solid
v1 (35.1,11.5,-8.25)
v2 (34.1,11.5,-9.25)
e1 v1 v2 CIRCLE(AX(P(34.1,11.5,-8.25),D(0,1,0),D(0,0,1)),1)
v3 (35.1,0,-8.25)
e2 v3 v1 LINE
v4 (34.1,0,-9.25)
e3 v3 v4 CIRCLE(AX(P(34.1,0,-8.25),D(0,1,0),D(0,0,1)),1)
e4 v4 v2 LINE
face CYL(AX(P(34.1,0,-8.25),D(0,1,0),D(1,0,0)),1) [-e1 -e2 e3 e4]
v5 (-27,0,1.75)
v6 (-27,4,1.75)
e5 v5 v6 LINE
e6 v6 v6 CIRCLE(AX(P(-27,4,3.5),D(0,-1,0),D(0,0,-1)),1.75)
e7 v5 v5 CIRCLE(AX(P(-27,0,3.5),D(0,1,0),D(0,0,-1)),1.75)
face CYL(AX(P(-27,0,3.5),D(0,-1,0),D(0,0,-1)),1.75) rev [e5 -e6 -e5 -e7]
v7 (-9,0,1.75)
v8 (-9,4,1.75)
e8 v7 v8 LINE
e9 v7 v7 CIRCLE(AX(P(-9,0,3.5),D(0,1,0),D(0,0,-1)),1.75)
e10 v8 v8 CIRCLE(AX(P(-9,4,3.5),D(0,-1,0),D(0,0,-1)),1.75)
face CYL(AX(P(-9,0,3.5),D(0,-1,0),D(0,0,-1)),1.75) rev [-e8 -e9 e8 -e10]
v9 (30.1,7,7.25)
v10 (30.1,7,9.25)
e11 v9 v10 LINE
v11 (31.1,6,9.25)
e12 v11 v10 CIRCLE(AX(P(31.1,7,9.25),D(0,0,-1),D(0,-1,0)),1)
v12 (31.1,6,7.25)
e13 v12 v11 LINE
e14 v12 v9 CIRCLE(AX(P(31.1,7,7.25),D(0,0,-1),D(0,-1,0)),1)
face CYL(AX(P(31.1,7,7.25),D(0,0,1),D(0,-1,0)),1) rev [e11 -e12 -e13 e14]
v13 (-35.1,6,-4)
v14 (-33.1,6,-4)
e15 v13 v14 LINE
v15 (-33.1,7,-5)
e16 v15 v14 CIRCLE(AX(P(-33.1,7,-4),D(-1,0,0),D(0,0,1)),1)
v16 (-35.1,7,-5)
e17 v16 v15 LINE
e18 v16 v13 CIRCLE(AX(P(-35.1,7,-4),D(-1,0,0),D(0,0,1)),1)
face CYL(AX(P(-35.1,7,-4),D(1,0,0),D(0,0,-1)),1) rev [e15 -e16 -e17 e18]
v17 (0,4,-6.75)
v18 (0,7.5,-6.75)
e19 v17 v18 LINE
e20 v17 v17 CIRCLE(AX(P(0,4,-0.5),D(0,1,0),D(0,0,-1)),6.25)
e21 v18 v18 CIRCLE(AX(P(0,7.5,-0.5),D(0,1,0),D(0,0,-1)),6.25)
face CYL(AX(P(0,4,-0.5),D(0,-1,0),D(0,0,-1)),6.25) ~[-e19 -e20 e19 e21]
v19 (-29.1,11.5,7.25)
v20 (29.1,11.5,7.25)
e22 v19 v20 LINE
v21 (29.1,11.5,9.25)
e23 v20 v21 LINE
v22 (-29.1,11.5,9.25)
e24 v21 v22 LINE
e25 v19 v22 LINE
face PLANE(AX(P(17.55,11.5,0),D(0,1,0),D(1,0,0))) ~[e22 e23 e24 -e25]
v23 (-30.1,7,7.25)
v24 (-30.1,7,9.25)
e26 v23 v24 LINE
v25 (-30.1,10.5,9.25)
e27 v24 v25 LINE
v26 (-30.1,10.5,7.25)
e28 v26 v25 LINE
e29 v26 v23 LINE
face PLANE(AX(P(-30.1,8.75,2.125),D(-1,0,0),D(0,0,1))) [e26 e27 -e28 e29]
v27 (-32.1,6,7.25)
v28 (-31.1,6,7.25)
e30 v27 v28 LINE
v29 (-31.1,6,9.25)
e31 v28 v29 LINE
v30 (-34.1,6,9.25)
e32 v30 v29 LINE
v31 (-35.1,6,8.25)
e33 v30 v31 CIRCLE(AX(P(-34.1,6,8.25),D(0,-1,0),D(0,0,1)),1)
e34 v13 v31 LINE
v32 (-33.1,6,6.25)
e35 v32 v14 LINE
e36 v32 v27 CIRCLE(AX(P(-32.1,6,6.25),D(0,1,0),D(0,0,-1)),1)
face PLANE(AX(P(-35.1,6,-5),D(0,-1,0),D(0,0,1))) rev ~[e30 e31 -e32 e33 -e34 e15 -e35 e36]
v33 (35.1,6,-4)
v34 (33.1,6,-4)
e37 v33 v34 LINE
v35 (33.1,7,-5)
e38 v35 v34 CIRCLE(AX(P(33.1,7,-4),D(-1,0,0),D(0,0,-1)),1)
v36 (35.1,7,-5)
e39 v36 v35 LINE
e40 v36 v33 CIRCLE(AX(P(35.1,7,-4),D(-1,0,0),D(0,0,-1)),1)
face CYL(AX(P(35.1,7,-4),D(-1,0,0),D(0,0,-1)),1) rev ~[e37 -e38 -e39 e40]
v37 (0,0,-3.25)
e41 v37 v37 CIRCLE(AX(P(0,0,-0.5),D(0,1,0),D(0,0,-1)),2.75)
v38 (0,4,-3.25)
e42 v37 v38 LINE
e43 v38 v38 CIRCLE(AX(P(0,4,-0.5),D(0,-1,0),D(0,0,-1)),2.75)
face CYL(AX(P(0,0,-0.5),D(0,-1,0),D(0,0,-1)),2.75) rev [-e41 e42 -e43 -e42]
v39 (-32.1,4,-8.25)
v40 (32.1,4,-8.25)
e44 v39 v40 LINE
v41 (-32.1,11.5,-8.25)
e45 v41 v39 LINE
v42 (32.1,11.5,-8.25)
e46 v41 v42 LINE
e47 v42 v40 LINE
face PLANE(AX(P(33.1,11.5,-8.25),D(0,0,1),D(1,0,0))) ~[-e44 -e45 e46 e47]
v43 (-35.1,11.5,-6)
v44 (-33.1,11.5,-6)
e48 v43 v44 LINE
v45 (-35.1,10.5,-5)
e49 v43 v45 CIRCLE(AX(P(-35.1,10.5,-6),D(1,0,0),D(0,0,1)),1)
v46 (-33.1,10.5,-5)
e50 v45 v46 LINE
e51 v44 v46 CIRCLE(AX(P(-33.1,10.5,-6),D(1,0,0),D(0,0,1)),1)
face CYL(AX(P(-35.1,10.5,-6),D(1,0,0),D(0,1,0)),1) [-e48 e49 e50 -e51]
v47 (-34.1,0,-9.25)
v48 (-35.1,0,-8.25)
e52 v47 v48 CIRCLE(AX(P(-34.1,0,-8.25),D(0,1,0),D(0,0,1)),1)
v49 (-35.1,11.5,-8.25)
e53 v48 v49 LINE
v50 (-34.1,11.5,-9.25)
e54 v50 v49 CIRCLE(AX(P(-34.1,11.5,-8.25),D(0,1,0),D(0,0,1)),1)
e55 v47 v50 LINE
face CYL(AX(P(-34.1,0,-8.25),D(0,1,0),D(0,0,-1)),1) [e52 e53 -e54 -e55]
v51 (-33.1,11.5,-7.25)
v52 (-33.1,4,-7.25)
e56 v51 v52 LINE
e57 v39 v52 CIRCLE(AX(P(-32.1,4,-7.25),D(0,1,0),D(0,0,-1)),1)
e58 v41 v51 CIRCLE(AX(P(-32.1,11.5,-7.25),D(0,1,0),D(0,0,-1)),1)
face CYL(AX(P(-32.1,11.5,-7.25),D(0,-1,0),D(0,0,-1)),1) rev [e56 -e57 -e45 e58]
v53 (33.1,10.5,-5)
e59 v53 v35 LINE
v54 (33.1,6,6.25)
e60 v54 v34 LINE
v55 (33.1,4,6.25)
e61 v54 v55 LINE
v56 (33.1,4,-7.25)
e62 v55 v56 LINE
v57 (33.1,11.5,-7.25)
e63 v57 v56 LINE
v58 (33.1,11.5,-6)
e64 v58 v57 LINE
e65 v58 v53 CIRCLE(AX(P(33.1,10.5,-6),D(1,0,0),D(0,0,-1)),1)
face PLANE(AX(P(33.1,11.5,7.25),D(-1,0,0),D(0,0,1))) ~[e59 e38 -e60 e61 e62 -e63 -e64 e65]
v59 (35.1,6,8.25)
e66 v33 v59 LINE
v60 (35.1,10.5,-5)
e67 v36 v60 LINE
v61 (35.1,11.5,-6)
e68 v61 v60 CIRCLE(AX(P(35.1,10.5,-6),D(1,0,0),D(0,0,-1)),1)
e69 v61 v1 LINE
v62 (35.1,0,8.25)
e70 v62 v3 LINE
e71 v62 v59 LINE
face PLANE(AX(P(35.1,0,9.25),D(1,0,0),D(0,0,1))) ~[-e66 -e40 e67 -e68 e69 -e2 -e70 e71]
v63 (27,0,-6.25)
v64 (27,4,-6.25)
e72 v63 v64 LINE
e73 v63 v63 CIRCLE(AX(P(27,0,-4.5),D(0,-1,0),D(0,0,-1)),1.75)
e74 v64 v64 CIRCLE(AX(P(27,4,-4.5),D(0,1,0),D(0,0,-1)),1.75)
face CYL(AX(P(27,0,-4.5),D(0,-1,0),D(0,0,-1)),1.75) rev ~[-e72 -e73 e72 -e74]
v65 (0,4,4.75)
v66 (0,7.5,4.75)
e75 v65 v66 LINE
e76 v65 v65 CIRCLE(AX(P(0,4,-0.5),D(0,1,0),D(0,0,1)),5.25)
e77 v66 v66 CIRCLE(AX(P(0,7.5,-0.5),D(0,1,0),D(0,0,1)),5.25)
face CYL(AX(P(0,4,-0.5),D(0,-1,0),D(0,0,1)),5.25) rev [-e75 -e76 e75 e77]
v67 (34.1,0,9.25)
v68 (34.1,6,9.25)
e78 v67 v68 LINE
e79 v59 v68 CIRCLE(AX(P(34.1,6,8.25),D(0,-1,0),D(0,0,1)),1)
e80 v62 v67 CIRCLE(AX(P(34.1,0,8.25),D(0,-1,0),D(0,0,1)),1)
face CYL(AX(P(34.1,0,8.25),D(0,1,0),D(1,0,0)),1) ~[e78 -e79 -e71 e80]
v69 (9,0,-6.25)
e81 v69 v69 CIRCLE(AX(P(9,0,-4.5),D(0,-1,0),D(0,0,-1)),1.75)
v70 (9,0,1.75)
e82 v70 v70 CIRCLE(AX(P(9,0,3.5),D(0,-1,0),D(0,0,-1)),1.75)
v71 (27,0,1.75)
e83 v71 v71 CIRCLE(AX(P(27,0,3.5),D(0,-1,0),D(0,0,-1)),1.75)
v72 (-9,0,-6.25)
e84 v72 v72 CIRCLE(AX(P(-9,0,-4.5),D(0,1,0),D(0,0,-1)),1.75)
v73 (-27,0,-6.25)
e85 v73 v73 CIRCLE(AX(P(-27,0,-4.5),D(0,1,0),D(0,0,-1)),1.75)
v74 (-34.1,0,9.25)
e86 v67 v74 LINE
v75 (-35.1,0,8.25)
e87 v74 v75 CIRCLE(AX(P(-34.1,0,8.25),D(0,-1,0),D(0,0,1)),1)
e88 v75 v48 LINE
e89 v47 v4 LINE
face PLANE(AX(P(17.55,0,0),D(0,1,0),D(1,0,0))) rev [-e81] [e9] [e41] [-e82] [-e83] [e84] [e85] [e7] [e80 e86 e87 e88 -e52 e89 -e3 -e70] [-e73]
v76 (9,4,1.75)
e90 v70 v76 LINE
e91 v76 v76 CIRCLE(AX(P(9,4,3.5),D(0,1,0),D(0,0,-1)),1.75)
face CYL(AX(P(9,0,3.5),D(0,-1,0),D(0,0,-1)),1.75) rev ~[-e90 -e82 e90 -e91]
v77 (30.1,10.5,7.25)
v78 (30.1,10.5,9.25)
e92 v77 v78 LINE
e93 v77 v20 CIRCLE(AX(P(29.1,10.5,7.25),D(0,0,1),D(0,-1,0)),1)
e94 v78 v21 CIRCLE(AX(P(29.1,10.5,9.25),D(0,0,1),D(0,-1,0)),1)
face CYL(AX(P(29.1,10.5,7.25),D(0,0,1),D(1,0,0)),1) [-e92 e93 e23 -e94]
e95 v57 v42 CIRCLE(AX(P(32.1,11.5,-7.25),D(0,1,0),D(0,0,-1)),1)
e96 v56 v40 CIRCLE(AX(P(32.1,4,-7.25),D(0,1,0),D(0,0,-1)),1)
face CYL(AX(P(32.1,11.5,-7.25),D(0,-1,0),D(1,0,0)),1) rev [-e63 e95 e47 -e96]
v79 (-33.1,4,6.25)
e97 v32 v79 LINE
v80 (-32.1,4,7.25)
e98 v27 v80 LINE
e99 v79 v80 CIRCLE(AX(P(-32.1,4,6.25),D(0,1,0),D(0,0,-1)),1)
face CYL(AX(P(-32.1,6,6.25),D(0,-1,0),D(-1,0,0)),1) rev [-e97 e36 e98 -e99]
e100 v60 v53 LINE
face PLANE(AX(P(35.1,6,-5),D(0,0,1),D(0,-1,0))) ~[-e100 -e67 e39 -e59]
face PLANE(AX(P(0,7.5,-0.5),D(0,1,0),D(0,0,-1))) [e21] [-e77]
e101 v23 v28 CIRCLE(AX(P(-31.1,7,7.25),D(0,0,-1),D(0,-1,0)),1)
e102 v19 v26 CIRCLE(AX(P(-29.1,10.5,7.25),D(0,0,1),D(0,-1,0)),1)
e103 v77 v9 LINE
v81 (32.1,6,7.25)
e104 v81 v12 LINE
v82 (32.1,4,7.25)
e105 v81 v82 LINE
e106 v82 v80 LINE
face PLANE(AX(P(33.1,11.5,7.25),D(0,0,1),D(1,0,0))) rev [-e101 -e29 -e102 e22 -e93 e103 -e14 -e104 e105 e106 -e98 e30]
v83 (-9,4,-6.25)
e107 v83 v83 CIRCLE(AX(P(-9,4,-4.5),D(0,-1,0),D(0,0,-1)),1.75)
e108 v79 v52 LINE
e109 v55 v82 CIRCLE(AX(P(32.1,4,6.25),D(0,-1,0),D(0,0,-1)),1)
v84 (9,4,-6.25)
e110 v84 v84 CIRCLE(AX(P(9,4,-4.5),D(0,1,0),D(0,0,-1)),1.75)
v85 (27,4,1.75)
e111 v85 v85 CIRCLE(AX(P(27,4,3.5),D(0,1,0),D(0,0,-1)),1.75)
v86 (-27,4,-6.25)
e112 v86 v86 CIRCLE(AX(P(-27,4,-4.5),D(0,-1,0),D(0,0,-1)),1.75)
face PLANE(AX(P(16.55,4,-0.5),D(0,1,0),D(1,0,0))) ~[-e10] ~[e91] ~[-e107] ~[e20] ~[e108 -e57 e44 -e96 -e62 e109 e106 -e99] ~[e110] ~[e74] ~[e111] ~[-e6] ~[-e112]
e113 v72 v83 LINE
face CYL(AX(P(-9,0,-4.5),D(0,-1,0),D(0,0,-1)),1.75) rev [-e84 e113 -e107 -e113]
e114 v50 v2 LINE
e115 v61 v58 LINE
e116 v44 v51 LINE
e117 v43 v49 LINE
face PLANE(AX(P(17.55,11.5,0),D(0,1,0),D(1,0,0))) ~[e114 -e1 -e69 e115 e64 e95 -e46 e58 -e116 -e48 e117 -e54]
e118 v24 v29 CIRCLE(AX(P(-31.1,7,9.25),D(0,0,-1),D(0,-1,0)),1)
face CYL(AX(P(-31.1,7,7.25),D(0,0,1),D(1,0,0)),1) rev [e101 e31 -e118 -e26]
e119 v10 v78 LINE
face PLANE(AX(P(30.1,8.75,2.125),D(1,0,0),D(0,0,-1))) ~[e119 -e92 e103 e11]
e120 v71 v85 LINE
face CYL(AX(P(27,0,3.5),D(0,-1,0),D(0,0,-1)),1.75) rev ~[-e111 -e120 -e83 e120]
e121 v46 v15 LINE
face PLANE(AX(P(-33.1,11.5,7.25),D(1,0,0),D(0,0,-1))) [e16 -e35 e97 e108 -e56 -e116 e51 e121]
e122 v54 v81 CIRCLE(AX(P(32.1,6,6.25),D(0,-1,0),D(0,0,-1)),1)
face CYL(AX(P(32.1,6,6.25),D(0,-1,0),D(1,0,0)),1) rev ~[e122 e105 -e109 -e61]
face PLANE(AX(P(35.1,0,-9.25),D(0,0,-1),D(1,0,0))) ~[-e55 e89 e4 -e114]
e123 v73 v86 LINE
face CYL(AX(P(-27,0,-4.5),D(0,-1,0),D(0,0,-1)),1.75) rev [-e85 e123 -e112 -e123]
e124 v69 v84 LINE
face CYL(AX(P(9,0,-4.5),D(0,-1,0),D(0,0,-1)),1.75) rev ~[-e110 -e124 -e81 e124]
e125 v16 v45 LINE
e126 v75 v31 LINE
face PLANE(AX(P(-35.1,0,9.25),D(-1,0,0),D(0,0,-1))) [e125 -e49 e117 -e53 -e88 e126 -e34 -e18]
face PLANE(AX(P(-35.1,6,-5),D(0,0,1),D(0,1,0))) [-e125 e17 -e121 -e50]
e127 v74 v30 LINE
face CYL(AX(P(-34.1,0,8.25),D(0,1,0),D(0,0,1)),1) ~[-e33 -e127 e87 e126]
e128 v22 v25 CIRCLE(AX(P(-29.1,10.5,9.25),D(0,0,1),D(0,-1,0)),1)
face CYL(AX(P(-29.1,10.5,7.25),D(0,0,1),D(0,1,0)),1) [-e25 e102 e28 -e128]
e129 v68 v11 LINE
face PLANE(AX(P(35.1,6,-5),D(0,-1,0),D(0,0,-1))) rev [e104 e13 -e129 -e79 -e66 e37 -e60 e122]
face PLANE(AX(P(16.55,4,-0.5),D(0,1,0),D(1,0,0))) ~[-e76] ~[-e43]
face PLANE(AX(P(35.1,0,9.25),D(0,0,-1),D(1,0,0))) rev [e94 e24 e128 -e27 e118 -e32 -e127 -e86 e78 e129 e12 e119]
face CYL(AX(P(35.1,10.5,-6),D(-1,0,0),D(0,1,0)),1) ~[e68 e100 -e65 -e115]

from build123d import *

# Parameters (mm, degrees)
SKETCH1_W           = 35.1
SKETCH1_H           = 18.5
BOSS_EXTRUDE1_DEPTH = 11.5
SKETCH7_W           = 33.1
SKETCH7_H           = 15.5
CUT_EXTRUDE5_DEPTH  = 7.5
SKETCH2_R           = 1.75
CUT_EXTRUDE1_DEPTH  = 39.076534769
SKETCH4_W           = 14.25
SKETCH4_H           = 5.5
CUT_EXTRUDE3_DEPTH  = 5
SKETCH5_R           = 2.75
CUT_EXTRUDE4_DEPTH  = 39.076534769
SKETCH6_R           = 6.25
SKETCH6_R_2         = 5.25
BOSS_EXTRUDE2_DEPTH = 3.5
FILLET3_R           = 1
FILLET6_R           = 1


with BuildPart() as part:
    # Sketch1 → Boss-Extrude1 (new body)
    with BuildSketch(Plane(origin=(0, 0, 0), x_dir=(1, 0, 0), z_dir=(0, 1, 0))):
        with Locations((-17.55, 0)):
            Rectangle(SKETCH1_W, SKETCH1_H)
    extrude(amount=BOSS_EXTRUDE1_DEPTH)

    # Sketch7 → Cut-Extrude5 (cut)
    with BuildSketch(Plane(origin=(0, 11.5, 0), x_dir=(1, 0, 0), z_dir=(0, 1, 0))):
        with Locations((-16.55, 0.5)):
            Rectangle(SKETCH7_W, SKETCH7_H)
    extrude(amount=-CUT_EXTRUDE5_DEPTH, mode=Mode.SUBTRACT)

    # Sketch2 → Cut-Extrude1 (cut, through all)
    with BuildSketch(Plane(origin=(0, 0, 0), x_dir=(-1, 0, 0), z_dir=(0, 1, 0))):
        with Locations(Location((27, 3.5, 0), (0, 0, 270))):
            Circle(SKETCH2_R)
        with Locations(Location((9, 3.5, 0), (0, 0, 270))):
            Circle(SKETCH2_R)
        with Locations(Location((27, -4.5, 0), (0, 0, 270))):
            Circle(SKETCH2_R)
        with Locations(Location((9, -4.5, 0), (0, 0, 270))):
            Circle(SKETCH2_R)
    extrude(amount=CUT_EXTRUDE1_DEPTH, mode=Mode.SUBTRACT)

    # Sketch4 → Cut-Extrude3 (cut)
    with BuildSketch(Plane.ZY.offset(35.1)):
        with Locations((2.125, 8.75)):
            Rectangle(SKETCH4_W, SKETCH4_H)
    extrude(amount=-CUT_EXTRUDE3_DEPTH, mode=Mode.SUBTRACT)

    # Mirror1: part across plane


with BuildPart() as part_1:
    add(part.part)
    add(part.part.mirror(Plane(origin=(0, 0, 0), x_dir=(0, 0, 1), z_dir=(1, 0, 0))))

    # Sketch5 → Cut-Extrude4 (cut, through all)
    with BuildSketch(Plane(origin=(0, 0, 0), x_dir=(1, 0, 0), z_dir=(0, 1, 0))):
        with Locations(Location((0, 0.5, 0), (0, 0, 90))):
            Circle(SKETCH5_R)
    extrude(amount=CUT_EXTRUDE4_DEPTH, mode=Mode.SUBTRACT)

    # Sketch6 → Boss-Extrude2 (add)
    with BuildSketch(Plane(origin=(0, 4, 0), x_dir=(1, 0, 0), z_dir=(0, 1, 0))):
        with Locations(Location((0, 0.5, 0), (0, 0, 90))):
            Circle(SKETCH6_R)
        with Locations(Location((0, 0.5, 0), (0, 0, 270))):
            Circle(SKETCH6_R_2, mode=Mode.SUBTRACT)
    extrude(amount=BOSS_EXTRUDE2_DEPTH)

    # Fillet3
    fillet3_edges = [part_1.edges().sort_by_distance(p)[0] for p in [
        (-34.1, 6, -5),
        (-34.1, 11.5, -5),
        (-30.1, 11.5, 8.25),
        (-30.1, 6, 8.25),
        (34.1, 11.5, -5),
        (34.1, 6, -5),
        (30.1, 11.5, 8.25),
        (30.1, 6, 8.25),
    ]]
    fillet(fillet3_edges, radius=FILLET3_R)

    # Fillet6
    fillet6_edges = [part_1.edges().sort_by_distance(p)[0] for p in [
        (-33.1, 7.75, -8.25),
        (-33.1, 5, 7.25),
        (-35.1, 3, 9.25),
        (35.1, 5.75, -9.25),
        (35.1, 3, 9.25),
        (33.1, 7.75, -8.25),
        (33.1, 5, 7.25),
        (-35.1, 5.75, -9.25),
    ]]
    fillet(fillet6_edges, radius=FILLET6_R)


solid = part_1.part
